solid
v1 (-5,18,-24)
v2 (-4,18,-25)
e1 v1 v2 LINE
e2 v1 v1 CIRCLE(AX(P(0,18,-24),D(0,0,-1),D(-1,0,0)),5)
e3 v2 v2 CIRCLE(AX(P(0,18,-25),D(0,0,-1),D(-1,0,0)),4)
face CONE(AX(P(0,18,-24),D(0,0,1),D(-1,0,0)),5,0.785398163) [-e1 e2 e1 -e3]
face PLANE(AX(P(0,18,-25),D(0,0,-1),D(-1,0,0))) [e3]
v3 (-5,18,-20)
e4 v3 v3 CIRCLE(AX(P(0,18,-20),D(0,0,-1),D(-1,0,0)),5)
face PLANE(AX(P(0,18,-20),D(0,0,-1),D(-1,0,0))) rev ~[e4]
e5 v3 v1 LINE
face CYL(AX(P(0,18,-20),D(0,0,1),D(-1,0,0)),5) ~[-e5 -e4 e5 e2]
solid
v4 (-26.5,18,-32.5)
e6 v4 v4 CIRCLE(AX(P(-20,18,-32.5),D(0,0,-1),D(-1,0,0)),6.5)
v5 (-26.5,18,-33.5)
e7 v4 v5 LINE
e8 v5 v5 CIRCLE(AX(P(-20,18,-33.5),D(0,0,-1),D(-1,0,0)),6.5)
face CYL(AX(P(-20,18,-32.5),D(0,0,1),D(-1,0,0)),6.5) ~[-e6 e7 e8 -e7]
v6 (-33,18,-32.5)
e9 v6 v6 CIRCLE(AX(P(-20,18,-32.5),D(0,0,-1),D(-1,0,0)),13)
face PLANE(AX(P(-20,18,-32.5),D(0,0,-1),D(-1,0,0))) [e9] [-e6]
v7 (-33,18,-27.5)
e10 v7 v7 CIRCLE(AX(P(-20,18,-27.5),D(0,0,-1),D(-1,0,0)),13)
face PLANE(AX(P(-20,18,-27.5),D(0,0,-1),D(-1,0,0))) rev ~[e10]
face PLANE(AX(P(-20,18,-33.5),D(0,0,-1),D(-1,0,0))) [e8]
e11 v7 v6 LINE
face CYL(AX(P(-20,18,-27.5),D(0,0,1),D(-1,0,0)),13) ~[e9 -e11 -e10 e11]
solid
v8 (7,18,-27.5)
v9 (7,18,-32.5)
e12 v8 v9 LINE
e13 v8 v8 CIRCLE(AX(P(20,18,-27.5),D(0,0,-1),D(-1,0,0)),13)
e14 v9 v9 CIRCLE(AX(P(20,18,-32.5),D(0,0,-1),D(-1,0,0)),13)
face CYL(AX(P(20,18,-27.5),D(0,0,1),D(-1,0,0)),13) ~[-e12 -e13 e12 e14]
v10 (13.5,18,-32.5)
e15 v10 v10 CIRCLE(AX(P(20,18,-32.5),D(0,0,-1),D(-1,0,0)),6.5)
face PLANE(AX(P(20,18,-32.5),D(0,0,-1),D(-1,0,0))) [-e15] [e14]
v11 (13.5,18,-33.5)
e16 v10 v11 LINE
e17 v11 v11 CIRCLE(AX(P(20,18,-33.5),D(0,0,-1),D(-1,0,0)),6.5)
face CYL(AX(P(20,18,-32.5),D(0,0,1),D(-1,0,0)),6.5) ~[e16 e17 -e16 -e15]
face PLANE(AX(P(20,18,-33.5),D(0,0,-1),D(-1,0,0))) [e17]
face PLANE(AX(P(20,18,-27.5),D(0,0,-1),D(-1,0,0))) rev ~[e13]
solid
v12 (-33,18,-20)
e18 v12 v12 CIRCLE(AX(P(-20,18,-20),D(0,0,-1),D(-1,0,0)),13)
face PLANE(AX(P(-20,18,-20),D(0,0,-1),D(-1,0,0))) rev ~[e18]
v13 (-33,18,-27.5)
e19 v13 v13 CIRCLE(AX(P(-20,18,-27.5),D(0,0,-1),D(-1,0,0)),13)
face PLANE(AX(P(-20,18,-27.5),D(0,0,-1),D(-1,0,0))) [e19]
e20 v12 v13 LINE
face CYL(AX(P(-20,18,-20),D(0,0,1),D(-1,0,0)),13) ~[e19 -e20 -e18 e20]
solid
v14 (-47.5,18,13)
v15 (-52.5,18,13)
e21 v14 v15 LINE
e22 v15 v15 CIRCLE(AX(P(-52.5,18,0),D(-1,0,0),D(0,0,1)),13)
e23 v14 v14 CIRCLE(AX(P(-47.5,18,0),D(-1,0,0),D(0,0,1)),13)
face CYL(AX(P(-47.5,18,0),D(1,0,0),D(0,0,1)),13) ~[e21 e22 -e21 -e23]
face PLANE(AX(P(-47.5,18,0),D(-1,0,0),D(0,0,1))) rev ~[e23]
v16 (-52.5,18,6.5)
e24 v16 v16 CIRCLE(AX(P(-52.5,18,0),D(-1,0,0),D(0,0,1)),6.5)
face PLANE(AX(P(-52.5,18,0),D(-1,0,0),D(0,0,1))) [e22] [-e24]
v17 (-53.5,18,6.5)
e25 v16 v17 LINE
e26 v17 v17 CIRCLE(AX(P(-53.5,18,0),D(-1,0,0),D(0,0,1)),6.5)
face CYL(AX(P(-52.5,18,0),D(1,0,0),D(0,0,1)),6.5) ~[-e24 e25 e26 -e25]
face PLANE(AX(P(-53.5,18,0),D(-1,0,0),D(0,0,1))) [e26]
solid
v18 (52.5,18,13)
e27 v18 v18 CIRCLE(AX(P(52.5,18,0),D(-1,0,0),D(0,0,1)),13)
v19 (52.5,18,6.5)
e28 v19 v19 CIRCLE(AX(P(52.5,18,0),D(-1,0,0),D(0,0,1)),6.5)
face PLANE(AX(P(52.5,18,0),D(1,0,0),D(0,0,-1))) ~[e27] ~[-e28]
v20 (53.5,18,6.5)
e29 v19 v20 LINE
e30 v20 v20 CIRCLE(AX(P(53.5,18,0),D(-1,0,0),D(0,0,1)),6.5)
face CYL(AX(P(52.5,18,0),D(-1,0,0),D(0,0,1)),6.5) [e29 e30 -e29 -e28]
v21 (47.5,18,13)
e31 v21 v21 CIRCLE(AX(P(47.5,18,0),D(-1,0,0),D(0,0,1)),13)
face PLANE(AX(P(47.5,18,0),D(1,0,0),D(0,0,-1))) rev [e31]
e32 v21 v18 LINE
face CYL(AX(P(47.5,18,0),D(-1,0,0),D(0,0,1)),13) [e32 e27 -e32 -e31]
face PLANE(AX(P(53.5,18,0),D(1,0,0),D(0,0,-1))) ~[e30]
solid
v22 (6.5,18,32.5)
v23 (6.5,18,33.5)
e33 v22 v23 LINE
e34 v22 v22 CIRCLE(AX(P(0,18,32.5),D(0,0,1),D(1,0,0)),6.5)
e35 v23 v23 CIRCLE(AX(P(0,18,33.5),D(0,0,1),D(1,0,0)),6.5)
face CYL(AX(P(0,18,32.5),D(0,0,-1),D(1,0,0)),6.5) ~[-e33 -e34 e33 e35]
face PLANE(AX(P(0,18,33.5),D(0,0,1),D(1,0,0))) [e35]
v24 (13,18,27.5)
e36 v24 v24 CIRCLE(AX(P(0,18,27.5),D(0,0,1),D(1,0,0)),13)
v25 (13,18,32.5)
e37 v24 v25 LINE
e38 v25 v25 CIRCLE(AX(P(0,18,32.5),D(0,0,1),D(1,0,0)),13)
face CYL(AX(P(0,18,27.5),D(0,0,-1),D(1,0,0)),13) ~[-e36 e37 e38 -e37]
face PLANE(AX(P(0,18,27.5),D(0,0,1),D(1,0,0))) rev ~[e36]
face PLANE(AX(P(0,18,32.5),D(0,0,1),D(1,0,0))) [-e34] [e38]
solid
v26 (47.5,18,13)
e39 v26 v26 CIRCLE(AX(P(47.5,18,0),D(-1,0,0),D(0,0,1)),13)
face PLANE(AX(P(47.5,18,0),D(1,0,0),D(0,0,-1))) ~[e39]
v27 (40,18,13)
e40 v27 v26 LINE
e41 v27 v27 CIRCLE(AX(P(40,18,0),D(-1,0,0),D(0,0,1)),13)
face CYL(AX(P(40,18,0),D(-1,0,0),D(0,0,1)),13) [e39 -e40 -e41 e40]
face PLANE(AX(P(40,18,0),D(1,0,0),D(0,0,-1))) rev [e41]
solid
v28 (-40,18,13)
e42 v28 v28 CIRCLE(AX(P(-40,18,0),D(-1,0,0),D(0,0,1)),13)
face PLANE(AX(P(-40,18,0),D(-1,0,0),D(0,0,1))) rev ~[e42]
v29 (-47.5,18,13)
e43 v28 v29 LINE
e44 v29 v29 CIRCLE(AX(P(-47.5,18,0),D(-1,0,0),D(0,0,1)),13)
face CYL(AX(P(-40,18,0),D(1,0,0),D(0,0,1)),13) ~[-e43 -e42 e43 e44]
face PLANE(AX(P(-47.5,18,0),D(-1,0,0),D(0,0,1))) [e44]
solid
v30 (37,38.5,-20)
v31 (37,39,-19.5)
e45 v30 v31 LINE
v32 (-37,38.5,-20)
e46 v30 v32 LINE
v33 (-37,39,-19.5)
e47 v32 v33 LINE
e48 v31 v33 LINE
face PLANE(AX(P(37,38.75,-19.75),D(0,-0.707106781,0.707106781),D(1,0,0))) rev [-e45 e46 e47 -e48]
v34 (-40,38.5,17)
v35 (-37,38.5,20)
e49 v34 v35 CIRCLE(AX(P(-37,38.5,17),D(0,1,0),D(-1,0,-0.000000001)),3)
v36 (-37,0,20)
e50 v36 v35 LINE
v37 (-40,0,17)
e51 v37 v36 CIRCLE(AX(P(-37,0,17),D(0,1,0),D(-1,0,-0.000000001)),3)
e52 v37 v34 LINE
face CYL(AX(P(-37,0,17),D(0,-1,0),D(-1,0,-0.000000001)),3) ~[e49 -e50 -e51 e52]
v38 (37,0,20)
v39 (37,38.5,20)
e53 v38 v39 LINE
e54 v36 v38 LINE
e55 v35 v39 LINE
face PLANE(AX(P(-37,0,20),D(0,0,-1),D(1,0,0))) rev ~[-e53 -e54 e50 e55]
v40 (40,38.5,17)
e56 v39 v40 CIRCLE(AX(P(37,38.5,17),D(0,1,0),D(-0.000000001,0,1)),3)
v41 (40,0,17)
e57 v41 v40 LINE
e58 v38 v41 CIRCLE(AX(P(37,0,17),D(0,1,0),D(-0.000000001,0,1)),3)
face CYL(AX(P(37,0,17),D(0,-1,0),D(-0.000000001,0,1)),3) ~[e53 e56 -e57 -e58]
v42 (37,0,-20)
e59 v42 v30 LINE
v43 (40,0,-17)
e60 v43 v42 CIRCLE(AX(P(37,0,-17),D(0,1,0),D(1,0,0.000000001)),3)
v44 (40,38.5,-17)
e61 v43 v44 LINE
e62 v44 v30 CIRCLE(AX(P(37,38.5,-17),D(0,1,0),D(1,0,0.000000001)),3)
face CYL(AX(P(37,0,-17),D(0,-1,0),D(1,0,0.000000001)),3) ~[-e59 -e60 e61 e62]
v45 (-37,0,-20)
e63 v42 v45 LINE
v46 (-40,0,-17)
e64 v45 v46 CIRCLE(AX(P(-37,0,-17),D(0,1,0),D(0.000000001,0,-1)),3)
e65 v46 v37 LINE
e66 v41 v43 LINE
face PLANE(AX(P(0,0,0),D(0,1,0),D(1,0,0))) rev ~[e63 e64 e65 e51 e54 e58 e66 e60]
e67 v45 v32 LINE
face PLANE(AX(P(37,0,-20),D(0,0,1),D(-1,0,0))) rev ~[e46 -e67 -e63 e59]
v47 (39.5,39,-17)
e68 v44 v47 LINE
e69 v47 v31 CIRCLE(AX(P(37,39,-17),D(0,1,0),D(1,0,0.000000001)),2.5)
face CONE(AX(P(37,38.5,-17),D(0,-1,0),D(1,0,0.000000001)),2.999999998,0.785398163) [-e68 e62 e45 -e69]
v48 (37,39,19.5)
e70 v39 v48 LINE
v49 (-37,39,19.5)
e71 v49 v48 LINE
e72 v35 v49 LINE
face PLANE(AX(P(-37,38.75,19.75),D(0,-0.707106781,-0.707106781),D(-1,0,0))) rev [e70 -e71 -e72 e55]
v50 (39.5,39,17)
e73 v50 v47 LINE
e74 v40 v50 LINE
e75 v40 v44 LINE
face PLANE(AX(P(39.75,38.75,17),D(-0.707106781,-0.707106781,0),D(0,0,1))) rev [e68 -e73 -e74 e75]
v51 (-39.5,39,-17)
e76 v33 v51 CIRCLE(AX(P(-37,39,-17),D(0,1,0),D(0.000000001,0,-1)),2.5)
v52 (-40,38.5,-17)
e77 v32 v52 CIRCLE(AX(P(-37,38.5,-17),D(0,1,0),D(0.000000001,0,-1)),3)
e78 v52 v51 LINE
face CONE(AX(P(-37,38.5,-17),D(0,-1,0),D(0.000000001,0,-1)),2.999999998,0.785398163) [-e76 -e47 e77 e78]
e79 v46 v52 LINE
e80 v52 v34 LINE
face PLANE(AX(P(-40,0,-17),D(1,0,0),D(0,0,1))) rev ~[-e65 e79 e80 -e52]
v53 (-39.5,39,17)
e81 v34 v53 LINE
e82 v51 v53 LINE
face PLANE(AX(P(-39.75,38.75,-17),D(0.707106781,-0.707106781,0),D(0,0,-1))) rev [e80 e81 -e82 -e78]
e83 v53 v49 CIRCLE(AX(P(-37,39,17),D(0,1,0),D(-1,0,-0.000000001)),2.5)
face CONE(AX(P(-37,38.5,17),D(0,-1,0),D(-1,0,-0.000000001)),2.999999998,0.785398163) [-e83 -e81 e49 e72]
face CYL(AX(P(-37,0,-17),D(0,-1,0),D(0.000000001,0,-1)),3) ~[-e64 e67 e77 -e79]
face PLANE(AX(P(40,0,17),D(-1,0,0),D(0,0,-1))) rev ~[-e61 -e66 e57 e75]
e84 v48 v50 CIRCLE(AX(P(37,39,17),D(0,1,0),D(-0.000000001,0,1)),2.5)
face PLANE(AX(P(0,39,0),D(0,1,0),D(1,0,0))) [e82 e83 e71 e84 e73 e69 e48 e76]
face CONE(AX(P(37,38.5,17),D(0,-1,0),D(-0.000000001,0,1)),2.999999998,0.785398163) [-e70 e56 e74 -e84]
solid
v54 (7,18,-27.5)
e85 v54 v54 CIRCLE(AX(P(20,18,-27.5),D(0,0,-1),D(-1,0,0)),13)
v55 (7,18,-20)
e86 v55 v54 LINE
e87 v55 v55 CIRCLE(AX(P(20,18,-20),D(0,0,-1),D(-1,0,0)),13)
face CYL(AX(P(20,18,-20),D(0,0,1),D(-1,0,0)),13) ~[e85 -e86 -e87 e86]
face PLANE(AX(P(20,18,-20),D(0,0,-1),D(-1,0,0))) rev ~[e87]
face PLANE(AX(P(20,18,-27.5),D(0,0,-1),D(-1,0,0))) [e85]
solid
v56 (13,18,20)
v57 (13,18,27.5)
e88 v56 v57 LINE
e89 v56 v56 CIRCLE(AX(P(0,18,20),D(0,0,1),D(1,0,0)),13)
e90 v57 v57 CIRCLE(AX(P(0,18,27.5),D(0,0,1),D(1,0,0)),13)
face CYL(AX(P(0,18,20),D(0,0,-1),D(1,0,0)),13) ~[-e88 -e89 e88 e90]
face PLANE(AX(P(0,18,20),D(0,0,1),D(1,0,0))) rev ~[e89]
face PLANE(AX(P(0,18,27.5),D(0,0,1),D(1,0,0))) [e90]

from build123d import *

# Parameters (mm, degrees)
BOSS_EXTRUDE1_DEPTH  = 39
CHAMFER1_SIZE        = 0.5
SKETCH2_R            = 13
BOSS_EXTRUDE2_DEPTH  = 7.5
SKETCH3_R            = 13
BOSS_EXTRUDE3_DEPTH  = 5
SKETCH4_R            = 6.5
BOSS_EXTRUDE4_DEPTH  = 1
SKETCH11_R           = 13
BOSS_EXTRUDE9_DEPTH  = 7.5
SKETCH13_R           = 13
BOSS_EXTRUDE10_DEPTH = 5
SKETCH15_R           = 6.5
BOSS_EXTRUDE11_DEPTH = 1
SKETCH25_R           = 13
BOSS_EXTRUDE16_DEPTH = 7.5
SKETCH27_R           = 13
BOSS_EXTRUDE17_DEPTH = 5
SKETCH29_R           = 6.5
BOSS_EXTRUDE18_DEPTH = 1
SKETCH39_R           = 13
BOSS_EXTRUDE23_DEPTH = 7.5
SKETCH41_R           = 13
BOSS_EXTRUDE24_DEPTH = 5
SKETCH43_R           = 6.5
BOSS_EXTRUDE25_DEPTH = 1
SKETCH59_R           = 5
BOSS_EXTRUDE30_DEPTH = 5
CHAMFER5_SIZE        = 1


with BuildPart() as part:
    # Sketch1 → Boss-Extrude1 (new body)
    with BuildSketch(Plane(origin=(0, 0, 0), x_dir=(1, 0, 0), z_dir=(0, 1, 0))):
        with BuildLine():
            Line((-37, -20), (37, -20))
            ThreePointArc((37, -20), (39.121320344, -19.121320344), (40, -17))
            Line((40, -17), (40, 17))
            ThreePointArc((40, 17), (39.121320344, 19.121320344), (37, 20))
            Line((37, 20), (-37, 20))
            ThreePointArc((-37, 20), (-39.121320344, 19.121320344), (-40, 17))
            Line((-40, 17), (-40, -17))
            ThreePointArc((-40, -17), (-39.121320344, -19.121320344), (-37, -20))
        make_face()
    extrude(amount=BOSS_EXTRUDE1_DEPTH)

    # Chamfer1
    chamfer1_edges = [part.edges().sort_by_distance(p)[0] for p in [
        (39.121320344, 39, -19.121320344),
        (0, 39, -20),
        (-39.121320344, 39, -19.121320344),
        (-40, 39, 0),
        (-39.121320344, 39, 19.121320344),
        (0, 39, 20),
        (39.121320344, 39, 19.121320344),
        (40, 39, 0),
    ]]
    chamfer(chamfer1_edges, length=CHAMFER1_SIZE)


with BuildPart() as body_2:
    # Sketch2 → Boss-Extrude2 (new body)
    with BuildSketch(Plane.ZY.offset(40)):
        with Locations((0, 18)):
            Circle(SKETCH2_R)
    extrude(amount=BOSS_EXTRUDE2_DEPTH)


with BuildPart() as body_3:
    # Sketch3 → Boss-Extrude3 (new body)
    with BuildSketch(Plane.ZY.offset(47.5)):
        with Locations((0, 18)):
            Circle(SKETCH3_R)
    extrude(amount=BOSS_EXTRUDE3_DEPTH)

    # Sketch4 → Boss-Extrude4 (add)
    with BuildSketch(Plane.ZY.offset(52.5)):
        with Locations((0, 18)):
            Circle(SKETCH4_R)
    extrude(amount=BOSS_EXTRUDE4_DEPTH)


with BuildPart() as body_4:
    # Mirror2: mirrored copy
    add(body_3.part.mirror(Plane(origin=(0, 0, 0), x_dir=(0, 0, 1), z_dir=(1, 0, 0))))


with BuildPart() as body_5:
    # Mirror2 2: mirrored copy
    add(body_2.part.mirror(Plane(origin=(0, 0, 0), x_dir=(0, 0, 1), z_dir=(1, 0, 0))))


with BuildPart() as body_6:
    # Sketch11 → Boss-Extrude9 (new body)
    with BuildSketch(Plane(origin=(-15.219675371, -9.618672718, 20), x_dir=(1, 0, 0), z_dir=(0, 0, 1))):
        with Locations((15.219675371, 27.618672718)):
            Circle(SKETCH11_R)
    extrude(amount=BOSS_EXTRUDE9_DEPTH)


with BuildPart() as body_7:
    # Sketch13 → Boss-Extrude10 (new body)
    with BuildSketch(Plane(origin=(-15.219675371, -9.618672718, 27.5), x_dir=(1, 0, 0), z_dir=(0, 0, 1))):
        with Locations((15.219675371, 27.618672718)):
            Circle(SKETCH13_R)
    extrude(amount=BOSS_EXTRUDE10_DEPTH)

    # Sketch15 → Boss-Extrude11 (add)
    with BuildSketch(Plane(origin=(-15.219675371, -9.618672718, 32.5), x_dir=(1, 0, 0), z_dir=(0, 0, 1))):
        with Locations((15.219675371, 27.618672718)):
            Circle(SKETCH15_R)
    extrude(amount=BOSS_EXTRUDE11_DEPTH)


with BuildPart() as body_8:
    # Sketch25 → Boss-Extrude16 (new body)
    with BuildSketch(Plane(origin=(-4.430271092, 5.776930412, -20), x_dir=(-1, 0, 0), z_dir=(0, 0, -1))):
        with Locations((15.569728908, 12.223069588)):
            Circle(SKETCH25_R)
    extrude(amount=BOSS_EXTRUDE16_DEPTH)


with BuildPart() as body_9:
    # Sketch27 → Boss-Extrude17 (new body)
    with BuildSketch(Plane(origin=(-4.430271092, 5.776930412, -27.5), x_dir=(-1, 0, 0), z_dir=(0, 0, -1))):
        with Locations((15.569728908, 12.223069588)):
            Circle(SKETCH27_R)
    extrude(amount=BOSS_EXTRUDE17_DEPTH)

    # Sketch29 → Boss-Extrude18 (add)
    with BuildSketch(Plane(origin=(-4.430271092, 5.776930412, -32.5), x_dir=(-1, 0, 0), z_dir=(0, 0, -1))):
        with Locations((15.569728908, 12.223069588)):
            Circle(SKETCH29_R)
    extrude(amount=BOSS_EXTRUDE18_DEPTH)


with BuildPart() as body_10:
    # Sketch39 → Boss-Extrude23 (new body)
    with BuildSketch(Plane(origin=(-17.91556365, -3.403900427, -20), x_dir=(-1, 0, 0), z_dir=(0, 0, -1))):
        with Locations((-37.91556365, 21.403900427)):
            Circle(SKETCH39_R)
    extrude(amount=BOSS_EXTRUDE23_DEPTH)


with BuildPart() as body_11:
    # Sketch41 → Boss-Extrude24 (new body)
    with BuildSketch(Plane(origin=(-17.91556365, -3.403900427, -27.5), x_dir=(-1, 0, 0), z_dir=(0, 0, -1))):
        with Locations((-37.91556365, 21.403900427)):
            Circle(SKETCH41_R)
    extrude(amount=BOSS_EXTRUDE24_DEPTH)

    # Sketch43 → Boss-Extrude25 (add)
    with BuildSketch(Plane(origin=(-17.91556365, -3.403900427, -32.5), x_dir=(-1, 0, 0), z_dir=(0, 0, -1))):
        with Locations((-37.91556365, 21.403900427)):
            Circle(SKETCH43_R)
    extrude(amount=BOSS_EXTRUDE25_DEPTH)


with BuildPart() as body_12:
    # Sketch59 → Boss-Extrude30 (new body)
    with BuildSketch(Plane(origin=(0, 0, -20), x_dir=(-1, 0, 0), z_dir=(0, 0, -1))):
        with Locations((0, 18)):
            Circle(SKETCH59_R)
    extrude(amount=BOSS_EXTRUDE30_DEPTH)

    # Chamfer5
    chamfer5_edges = [body_12.edges().sort_by_distance(p)[0] for p in [
        (5, 18, -25),
    ]]
    chamfer(chamfer5_edges, length=CHAMFER5_SIZE)


solid = Compound([part.part, body_2.part, body_3.part, body_4.part, body_5.part, body_6.part, body_7.part, body_8.part, body_9.part, body_10.part, body_11.part, body_12.part])
